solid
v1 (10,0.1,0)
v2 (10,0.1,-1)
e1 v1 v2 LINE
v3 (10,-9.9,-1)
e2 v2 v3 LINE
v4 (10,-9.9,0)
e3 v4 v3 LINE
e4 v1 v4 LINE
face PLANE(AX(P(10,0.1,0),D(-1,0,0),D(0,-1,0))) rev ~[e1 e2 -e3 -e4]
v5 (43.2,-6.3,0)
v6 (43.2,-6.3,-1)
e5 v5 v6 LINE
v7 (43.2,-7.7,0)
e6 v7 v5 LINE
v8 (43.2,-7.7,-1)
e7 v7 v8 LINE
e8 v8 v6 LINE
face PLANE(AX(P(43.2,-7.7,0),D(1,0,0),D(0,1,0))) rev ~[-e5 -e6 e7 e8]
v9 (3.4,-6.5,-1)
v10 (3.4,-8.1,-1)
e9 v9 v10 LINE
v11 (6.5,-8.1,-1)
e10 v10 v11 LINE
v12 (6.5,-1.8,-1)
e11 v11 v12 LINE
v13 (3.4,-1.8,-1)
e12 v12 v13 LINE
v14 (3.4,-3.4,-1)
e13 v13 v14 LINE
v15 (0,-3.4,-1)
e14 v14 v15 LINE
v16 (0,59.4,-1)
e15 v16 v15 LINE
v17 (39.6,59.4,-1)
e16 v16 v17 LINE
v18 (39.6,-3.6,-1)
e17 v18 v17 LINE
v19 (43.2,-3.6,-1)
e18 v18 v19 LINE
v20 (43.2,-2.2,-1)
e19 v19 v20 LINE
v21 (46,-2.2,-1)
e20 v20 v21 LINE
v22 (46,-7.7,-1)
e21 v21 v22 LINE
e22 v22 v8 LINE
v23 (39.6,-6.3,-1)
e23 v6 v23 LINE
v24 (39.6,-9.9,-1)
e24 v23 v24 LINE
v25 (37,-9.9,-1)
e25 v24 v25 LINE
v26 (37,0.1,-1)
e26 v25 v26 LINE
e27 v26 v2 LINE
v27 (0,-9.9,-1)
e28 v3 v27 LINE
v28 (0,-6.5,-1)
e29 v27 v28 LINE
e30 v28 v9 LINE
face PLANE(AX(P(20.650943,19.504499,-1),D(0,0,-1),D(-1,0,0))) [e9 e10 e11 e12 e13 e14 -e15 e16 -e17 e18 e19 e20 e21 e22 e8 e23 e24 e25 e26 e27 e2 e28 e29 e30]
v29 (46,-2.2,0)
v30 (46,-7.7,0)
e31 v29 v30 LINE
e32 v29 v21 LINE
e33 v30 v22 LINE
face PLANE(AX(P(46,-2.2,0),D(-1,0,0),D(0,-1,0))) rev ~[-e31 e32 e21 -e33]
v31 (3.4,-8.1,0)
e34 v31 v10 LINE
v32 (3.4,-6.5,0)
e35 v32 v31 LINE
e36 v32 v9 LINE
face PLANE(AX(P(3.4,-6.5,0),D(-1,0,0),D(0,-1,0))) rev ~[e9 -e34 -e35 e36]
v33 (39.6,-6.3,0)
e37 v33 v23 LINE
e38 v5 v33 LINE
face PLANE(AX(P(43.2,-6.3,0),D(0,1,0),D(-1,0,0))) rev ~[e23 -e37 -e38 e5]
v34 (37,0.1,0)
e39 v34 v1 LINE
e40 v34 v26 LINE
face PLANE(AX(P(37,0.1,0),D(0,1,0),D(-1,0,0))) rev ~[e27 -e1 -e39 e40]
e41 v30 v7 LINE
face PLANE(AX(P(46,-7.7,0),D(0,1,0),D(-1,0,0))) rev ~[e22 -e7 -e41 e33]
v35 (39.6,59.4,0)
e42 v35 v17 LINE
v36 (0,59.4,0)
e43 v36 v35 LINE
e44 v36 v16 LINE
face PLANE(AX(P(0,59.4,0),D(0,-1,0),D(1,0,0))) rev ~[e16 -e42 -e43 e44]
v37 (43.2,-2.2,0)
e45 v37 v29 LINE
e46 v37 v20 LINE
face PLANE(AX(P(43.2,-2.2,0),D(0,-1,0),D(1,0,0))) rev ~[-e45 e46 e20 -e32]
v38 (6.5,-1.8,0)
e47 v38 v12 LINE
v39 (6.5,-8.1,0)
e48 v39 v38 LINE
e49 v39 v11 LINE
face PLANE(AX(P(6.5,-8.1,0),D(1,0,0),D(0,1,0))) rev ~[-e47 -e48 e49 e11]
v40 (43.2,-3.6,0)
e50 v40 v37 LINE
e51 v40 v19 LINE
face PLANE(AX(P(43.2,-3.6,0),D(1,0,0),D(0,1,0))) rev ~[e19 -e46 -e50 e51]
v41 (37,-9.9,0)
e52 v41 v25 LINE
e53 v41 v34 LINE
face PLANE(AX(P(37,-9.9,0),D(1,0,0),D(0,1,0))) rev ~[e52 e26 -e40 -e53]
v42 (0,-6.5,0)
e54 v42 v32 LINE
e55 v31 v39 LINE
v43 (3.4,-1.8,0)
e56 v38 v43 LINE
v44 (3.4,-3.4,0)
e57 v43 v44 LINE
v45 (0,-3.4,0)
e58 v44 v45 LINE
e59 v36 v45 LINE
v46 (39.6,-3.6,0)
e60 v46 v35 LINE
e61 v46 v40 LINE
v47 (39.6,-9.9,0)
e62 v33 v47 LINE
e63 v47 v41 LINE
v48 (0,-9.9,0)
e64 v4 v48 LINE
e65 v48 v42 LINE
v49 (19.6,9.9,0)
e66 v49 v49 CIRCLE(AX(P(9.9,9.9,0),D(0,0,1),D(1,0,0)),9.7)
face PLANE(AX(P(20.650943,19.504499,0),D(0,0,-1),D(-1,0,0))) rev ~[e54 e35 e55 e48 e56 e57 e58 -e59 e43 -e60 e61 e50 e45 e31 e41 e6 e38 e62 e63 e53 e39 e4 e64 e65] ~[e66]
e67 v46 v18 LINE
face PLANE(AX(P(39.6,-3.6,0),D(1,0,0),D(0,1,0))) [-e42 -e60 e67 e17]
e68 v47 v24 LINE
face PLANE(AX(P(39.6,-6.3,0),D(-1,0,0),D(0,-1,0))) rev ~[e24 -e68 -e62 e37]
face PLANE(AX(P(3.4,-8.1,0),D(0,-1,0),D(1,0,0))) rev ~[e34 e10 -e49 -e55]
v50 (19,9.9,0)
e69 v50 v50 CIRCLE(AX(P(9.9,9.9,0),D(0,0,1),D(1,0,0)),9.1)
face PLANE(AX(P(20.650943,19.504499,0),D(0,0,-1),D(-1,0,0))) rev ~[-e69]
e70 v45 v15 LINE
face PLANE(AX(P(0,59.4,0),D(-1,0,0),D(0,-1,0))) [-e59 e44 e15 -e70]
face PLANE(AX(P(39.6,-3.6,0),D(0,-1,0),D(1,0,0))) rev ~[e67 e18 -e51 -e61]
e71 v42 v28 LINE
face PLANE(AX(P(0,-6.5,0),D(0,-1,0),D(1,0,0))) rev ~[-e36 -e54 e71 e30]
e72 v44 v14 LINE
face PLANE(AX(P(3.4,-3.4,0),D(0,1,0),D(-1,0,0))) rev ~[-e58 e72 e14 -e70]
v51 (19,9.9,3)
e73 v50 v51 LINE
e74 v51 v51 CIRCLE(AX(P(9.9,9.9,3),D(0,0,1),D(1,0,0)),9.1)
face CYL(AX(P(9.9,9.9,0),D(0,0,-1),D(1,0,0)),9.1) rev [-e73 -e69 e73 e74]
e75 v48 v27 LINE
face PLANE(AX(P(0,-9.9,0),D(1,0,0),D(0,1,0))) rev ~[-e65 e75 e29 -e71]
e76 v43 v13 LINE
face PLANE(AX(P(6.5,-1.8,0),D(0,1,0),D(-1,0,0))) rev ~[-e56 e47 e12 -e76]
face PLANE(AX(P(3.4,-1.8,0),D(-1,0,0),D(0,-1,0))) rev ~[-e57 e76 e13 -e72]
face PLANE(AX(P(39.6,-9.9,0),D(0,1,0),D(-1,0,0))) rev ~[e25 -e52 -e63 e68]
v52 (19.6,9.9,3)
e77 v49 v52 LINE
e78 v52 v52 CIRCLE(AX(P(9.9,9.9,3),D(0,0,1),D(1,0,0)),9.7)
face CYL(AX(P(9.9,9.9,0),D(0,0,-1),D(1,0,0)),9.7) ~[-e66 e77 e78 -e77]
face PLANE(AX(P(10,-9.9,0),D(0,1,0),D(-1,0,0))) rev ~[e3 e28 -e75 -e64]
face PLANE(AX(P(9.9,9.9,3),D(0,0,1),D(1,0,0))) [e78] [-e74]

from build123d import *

# Parameters (mm, degrees)
PAD_DEPTH     = 1
SKETCH001_R   = 9.7
SKETCH001_R_2 = 9.1
PAD001_DEPTH  = 3


with BuildPart() as part:
    # Sketch → Pad (new body)
    with BuildSketch(Plane.XY):
        Polygon((10, 0.1), (10, -9.9), (0, -9.9), (0, -6.5), (3.4, -6.5), (3.4, -8.1), (6.5, -8.1), (6.5, -1.8), (3.4, -1.8), (3.4, -3.4), (0, -3.4), (0, 0), (0, 59.4), (39.6, 59.4), (39.6, 0), (39.6, -3.6), (43.2, -3.6), (43.2, -2.2), (46, -2.2), (46, -7.7), (43.2, -7.7), (43.2, -6.3), (39.6, -6.3), (39.6, -9.9), (37, -9.9), (37, 0.1), align=None)
    extrude(amount=-PAD_DEPTH)

    # Sketch001 → Pad001 (join)
    with BuildSketch(Plane.XY):
        with Locations((9.9, 9.9)):
            Circle(SKETCH001_R)
        with Locations((9.9, 9.9)):
            Circle(SKETCH001_R_2, mode=Mode.SUBTRACT)
    extrude(amount=PAD001_DEPTH)


solid = part.part
